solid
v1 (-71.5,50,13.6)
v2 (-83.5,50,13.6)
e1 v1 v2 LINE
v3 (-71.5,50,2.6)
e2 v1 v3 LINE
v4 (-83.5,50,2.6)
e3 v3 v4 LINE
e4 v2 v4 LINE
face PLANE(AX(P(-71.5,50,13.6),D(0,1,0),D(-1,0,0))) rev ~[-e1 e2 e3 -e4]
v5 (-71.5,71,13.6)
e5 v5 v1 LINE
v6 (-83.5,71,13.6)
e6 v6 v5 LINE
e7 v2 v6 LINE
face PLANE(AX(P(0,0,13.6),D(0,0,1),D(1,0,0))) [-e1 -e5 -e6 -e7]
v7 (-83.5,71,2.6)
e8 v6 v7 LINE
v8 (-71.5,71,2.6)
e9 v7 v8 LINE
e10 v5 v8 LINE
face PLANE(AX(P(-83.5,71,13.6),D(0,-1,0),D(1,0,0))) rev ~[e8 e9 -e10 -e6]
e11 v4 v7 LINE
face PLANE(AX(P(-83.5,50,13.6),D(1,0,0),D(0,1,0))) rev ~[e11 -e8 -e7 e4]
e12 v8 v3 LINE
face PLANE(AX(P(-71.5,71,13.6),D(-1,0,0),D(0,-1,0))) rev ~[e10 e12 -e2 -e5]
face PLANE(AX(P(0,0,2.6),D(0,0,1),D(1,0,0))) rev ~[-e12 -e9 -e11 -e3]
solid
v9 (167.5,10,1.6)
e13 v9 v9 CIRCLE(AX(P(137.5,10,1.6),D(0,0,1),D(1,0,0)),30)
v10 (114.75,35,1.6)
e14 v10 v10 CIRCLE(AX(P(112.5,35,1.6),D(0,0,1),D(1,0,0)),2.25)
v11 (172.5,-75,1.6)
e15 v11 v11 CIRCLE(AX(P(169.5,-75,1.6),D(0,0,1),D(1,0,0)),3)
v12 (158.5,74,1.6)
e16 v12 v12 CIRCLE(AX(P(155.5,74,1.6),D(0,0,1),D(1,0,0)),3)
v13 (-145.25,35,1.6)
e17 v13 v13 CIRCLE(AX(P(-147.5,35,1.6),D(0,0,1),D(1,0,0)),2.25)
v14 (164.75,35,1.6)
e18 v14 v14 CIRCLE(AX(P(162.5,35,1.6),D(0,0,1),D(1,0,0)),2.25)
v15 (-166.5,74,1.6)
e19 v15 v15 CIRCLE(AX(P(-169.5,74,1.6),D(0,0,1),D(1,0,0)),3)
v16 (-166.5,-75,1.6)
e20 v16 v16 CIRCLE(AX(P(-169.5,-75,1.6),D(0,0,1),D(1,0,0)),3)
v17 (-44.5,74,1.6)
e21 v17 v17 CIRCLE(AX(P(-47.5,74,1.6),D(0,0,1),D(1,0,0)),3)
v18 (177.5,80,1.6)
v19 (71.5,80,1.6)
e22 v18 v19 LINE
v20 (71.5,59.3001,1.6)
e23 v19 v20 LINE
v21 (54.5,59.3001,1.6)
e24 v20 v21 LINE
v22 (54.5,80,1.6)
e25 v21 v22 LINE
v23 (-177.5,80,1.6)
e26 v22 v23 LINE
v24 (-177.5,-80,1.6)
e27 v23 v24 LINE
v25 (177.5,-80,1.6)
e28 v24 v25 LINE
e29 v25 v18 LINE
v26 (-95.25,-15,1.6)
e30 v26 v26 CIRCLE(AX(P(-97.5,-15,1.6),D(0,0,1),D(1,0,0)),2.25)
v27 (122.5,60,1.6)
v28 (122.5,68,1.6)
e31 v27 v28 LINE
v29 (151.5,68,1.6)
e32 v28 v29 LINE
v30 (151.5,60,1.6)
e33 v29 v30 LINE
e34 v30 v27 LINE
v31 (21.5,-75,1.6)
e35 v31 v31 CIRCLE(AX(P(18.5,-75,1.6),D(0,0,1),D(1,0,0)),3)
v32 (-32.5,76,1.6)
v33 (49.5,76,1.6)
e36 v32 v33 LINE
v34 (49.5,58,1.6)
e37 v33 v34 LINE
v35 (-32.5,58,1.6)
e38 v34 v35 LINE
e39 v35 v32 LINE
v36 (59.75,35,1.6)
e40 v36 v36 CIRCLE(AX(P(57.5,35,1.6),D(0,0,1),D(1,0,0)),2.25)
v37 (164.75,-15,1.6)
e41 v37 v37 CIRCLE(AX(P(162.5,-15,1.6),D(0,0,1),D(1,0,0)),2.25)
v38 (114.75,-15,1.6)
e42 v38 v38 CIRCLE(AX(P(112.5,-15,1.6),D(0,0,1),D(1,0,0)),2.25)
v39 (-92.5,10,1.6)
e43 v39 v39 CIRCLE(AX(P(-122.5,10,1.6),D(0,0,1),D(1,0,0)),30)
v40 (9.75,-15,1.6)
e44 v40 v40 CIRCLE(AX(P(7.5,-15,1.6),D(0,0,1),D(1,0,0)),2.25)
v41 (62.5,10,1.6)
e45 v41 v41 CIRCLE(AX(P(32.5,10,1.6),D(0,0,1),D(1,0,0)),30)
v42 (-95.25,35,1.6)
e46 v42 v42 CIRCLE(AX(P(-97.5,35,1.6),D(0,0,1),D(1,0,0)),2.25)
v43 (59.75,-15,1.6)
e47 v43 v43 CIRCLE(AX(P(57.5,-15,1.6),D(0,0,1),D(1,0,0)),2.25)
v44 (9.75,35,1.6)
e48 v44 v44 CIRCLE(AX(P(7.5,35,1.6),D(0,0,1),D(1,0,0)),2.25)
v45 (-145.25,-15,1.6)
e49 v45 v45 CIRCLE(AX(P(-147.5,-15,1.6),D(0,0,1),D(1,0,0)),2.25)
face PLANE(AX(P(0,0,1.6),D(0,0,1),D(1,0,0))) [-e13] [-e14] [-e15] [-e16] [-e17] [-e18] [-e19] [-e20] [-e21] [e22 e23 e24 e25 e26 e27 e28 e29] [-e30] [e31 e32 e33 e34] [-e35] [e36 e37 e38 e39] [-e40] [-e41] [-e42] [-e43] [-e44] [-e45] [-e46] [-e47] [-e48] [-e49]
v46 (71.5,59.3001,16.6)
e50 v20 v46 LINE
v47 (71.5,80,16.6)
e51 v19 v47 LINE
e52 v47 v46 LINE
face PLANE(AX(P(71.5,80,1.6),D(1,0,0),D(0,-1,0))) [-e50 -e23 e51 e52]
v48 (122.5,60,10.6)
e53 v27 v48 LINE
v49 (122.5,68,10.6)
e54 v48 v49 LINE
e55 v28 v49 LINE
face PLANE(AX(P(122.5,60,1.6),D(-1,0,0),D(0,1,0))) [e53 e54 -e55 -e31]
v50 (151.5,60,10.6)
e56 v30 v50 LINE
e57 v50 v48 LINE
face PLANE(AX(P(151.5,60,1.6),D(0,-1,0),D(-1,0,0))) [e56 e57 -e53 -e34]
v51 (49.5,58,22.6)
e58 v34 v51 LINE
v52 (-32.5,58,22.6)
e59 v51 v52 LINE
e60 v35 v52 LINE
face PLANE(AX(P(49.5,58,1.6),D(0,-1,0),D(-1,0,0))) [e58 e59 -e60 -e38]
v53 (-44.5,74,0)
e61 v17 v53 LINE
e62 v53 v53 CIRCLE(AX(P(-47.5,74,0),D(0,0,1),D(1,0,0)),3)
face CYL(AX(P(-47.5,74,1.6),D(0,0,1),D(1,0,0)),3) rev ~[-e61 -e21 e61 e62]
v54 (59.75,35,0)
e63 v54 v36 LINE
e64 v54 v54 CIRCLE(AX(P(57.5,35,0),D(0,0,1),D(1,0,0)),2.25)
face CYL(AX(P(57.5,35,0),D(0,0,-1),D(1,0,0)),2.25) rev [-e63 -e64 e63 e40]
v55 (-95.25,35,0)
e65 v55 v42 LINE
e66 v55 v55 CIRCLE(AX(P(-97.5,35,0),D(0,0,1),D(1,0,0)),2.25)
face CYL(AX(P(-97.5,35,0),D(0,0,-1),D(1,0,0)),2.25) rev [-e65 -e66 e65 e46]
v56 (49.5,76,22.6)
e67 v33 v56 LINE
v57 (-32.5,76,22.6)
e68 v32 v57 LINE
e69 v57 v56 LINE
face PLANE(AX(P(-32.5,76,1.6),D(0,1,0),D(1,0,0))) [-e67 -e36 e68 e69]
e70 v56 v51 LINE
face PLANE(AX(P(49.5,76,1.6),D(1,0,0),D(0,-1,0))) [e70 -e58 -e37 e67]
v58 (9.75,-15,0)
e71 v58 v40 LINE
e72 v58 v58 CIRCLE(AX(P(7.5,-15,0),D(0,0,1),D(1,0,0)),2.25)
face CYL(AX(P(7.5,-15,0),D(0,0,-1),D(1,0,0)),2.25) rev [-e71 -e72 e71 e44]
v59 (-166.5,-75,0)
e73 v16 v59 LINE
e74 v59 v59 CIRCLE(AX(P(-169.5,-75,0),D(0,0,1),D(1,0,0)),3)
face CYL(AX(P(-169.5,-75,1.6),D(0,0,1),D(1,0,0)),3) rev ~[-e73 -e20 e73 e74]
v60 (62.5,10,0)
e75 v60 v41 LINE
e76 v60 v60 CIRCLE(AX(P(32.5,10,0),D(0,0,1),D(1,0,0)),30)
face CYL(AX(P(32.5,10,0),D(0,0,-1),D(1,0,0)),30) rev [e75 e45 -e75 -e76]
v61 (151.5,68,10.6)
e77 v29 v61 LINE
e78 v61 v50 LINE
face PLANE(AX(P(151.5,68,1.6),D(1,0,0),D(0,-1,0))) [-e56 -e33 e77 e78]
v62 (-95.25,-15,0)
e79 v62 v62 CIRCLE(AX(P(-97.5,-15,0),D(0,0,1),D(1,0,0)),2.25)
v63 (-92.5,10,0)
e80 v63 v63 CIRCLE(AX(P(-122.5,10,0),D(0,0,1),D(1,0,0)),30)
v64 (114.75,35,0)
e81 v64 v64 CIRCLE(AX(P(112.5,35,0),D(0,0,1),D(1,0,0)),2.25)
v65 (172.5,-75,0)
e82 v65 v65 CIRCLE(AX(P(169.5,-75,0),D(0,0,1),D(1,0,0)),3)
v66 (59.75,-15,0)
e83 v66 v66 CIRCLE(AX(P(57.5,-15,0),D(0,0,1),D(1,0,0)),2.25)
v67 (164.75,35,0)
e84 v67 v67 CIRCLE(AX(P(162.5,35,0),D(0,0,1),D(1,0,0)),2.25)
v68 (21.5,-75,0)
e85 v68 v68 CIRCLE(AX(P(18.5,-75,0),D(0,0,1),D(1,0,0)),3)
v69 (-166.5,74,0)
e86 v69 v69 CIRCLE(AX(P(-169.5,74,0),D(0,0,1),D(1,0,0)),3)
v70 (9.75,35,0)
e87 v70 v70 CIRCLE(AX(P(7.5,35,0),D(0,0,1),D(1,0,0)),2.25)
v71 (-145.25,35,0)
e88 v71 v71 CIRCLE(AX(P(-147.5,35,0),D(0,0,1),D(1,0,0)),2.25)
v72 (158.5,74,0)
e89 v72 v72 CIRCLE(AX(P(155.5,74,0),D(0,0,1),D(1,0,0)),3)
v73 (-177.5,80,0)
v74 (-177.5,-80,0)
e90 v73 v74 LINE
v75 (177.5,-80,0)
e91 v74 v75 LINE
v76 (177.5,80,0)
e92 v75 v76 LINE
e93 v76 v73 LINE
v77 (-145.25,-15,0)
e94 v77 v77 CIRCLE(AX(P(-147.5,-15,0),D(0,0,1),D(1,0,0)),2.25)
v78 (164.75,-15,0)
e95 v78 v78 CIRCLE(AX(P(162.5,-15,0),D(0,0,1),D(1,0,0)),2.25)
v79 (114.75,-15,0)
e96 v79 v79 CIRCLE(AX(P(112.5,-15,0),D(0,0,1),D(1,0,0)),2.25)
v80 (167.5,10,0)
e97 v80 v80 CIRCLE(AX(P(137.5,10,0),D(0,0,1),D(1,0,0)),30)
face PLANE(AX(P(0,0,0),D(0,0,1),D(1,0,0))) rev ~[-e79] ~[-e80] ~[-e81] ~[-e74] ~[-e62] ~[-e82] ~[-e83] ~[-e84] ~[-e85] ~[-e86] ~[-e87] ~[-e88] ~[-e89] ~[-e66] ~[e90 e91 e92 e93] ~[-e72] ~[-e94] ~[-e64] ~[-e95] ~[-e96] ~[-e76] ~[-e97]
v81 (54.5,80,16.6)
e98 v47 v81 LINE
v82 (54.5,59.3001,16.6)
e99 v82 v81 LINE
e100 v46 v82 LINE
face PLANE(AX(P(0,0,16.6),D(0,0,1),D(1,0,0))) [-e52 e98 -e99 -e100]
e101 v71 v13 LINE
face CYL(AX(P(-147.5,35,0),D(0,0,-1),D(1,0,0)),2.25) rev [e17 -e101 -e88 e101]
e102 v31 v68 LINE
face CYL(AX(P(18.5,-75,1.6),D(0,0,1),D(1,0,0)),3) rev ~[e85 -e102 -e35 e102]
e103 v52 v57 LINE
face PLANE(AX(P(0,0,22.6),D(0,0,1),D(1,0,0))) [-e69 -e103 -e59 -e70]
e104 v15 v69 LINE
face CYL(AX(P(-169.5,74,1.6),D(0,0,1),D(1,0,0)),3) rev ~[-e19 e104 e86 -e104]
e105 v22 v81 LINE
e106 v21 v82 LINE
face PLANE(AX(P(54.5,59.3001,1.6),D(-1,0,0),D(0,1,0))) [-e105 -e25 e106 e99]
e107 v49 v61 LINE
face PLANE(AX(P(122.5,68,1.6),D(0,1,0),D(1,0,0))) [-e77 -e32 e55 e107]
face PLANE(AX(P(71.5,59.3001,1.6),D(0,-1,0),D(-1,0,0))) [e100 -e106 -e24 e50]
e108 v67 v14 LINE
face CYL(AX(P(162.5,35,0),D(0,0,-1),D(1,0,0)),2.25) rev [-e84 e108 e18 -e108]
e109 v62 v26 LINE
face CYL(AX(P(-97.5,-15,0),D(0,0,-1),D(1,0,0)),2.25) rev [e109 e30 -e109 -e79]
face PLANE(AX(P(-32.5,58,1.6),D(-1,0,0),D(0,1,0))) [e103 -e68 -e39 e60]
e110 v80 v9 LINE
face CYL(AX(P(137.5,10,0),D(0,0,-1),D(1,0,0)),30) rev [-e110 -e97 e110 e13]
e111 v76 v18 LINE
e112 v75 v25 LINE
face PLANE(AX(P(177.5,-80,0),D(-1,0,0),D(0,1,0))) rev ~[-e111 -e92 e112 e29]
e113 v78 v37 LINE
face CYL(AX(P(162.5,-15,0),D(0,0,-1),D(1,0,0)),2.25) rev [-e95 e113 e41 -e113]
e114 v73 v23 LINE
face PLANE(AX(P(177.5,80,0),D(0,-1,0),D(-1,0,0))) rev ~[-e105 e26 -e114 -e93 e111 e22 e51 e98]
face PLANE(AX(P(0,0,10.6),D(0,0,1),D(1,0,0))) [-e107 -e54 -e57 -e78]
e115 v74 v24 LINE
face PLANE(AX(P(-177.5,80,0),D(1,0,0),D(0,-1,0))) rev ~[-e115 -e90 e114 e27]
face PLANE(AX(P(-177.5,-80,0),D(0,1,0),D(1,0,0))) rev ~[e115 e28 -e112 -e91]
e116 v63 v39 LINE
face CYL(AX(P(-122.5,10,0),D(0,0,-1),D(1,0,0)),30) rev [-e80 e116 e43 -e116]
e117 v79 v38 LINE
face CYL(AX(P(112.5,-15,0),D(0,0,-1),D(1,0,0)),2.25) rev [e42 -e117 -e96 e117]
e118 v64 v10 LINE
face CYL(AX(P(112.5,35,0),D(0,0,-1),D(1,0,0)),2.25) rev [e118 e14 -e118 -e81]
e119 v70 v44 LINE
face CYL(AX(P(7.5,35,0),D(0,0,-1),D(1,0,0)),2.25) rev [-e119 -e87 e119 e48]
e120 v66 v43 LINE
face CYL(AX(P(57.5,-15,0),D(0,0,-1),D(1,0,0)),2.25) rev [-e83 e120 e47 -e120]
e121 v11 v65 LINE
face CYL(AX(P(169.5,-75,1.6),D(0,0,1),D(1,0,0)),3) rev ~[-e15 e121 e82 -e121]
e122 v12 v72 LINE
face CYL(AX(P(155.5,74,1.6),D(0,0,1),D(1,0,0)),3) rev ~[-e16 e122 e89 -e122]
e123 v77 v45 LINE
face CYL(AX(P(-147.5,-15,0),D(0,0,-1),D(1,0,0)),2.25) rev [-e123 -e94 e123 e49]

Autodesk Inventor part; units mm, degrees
ref_plane "YZ Plane" through (0, 0, 0) normal (1, 0, 0) x (0, 1, 0)
sketch "Sketch1" plane through (0, 0, 0) normal (0, 0, 1) x (1, 0, 0)
  line L0 (-177.5, -80) -> (177.5, -80)
  line L1 (177.5, -80) -> (177.5, 80)
  line L2 (177.5, 80) -> (-177.5, 80)
  line L3 (-177.5, 80) -> (-177.5, -80)
  line L4 (-177.5, -80) -> (177.5, 80) construction
  line L5 (177.5, -80) -> (-177.5, 80) construction
  circle A0 centre (-122.5, 10) radius 30
  circle A1 centre (32.5, 10) radius 30
  circle A2 centre (137.5, 10) radius 30
  line L6 (-152.5, 80) -> (-152.5, -80) construction
  line L7 (2.5, 80) -> (2.5, -80) construction
  line L8 (107.5, -80) -> (107.5, 80) construction
  line L9 (-177.5, -20) -> (177.5, -20) construction
  line L10 (-147.5, -15) -> (-97.5, -15) construction
  line L11 (-97.5, -15) -> (-97.5, 35) construction
  line L12 (-97.5, 35) -> (-147.5, 35) construction
  line L13 (-147.5, 35) -> (-147.5, -15) construction
  line L14 (-147.5, -15) -> (-97.5, 35) construction
  line L15 (-97.5, -15) -> (-147.5, 35) construction
  line L16 (7.5, -15) -> (57.5, -15) construction
  line L17 (57.5, -15) -> (57.5, 35) construction
  line L18 (57.5, 35) -> (7.5, 35) construction
  line L19 (7.5, 35) -> (7.5, -15) construction
  line L20 (7.5, -15) -> (57.5, 35) construction
  line L21 (57.5, -15) -> (7.5, 35) construction
  line L22 (112.5, -15) -> (162.5, -15) construction
  line L23 (162.5, -15) -> (162.5, 35) construction
  line L24 (162.5, 35) -> (112.5, 35) construction
  line L25 (112.5, 35) -> (112.5, -15) construction
  line L26 (112.5, -15) -> (162.5, 35) construction
  line L27 (162.5, -15) -> (112.5, 35) construction
  circle A3 centre (-147.5, 35) radius 2.25
  circle A4 centre (-97.5, 35) radius 2.25
  circle A5 centre (-97.5, -15) radius 2.25
  circle A6 centre (-147.5, -15) radius 2.25
  circle A7 centre (7.5, 35) radius 2.25
  circle A8 centre (57.5, 35) radius 2.25
  circle A9 centre (57.5, -15) radius 2.25
  circle A10 centre (7.5, -15) radius 2.25
  circle A11 centre (112.5, 35) radius 2.25
  circle A12 centre (162.5, 35) radius 2.25
  circle A13 centre (162.5, -15) radius 2.25
  circle A14 centre (112.5, -15) radius 2.25
  point P0 (0, 0)
  dimension "d0" = 160
  dimension "d1" = 355
  dimension "d4" = 25
  dimension "d6" = 180
  dimension "d8" = 285
  dimension "d9" = 100
  dimension "d10" = 60
  dimension "d11" = 50
  dimension "d12" = 4.5
extrude "PCB" add sketch "Sketch1" along normal blind 1.6
ref_plane "Work Plane1" through (0, 0, 2.6) normal (0, 0, 1) x (1, 0, 0)
ref_plane "Work Plane2" through (0, 0, 13.6) normal (0, 0, 1) x (1, 0, 0)
sketch "Sketch2" plane through (0, 0, 1.6) normal (0, 0, 1) x (1, 0, 0)
  line L0 (-177.5, 80) -> (-177.5, -80) construction
  line L1 (177.5, 80) -> (-177.5, 80) construction
  line L2 (-83.5, 71) -> (-71.5, 71)
  line L3 (-71.5, 71) -> (-71.5, 50)
  line L4 (-71.5, 50) -> (-83.5, 50)
  line L5 (-83.5, 50) -> (-83.5, 71)
  point P0 (0, 0)
  dimension "d15" = 94
  dimension "d16" = 106
  dimension "d17" = 9
  dimension "d18" = 30
extrude "USB" add sketch "Sketch2" against normal up to surface (11 mm away) from surface at 12
sketch "Sketch3" plane through (0, 0, 1.6) normal (0, 0, 1) x (1, 0, 0)
  line L0 (-32.5, 76) -> (49.5, 76)
  line L1 (49.5, 76) -> (49.5, 58)
  line L2 (49.5, 58) -> (-32.5, 58)
  line L3 (-32.5, 58) -> (-32.5, 76)
  line L4 (-177.5, 80) -> (-177.5, -80) construction
  line L5 (177.5, 80) -> (-177.5, 80) construction
  point P0 (0, 0)
  dimension "d21" = 145
  dimension "d22" = 227
  dimension "d23" = 4
  dimension "d24" = 22
extrude "Extrusion3" add sketch "Sketch3" along normal blind 21
sketch "Sketch4" plane through (0, 0, 1.6) normal (0, 0, 1) x (1, 0, 0)
  line L0 (122.5, 68) -> (151.5, 68)
  line L1 (151.5, 68) -> (151.5, 60)
  line L2 (151.5, 60) -> (122.5, 60)
  line L3 (122.5, 60) -> (122.5, 68)
  line L4 (177.5, -80) -> (177.5, 80) construction
  line L5 (177.5, 80) -> (-177.5, 80) construction
  point P0 (0, 0)
  dimension "d27" = 26
  dimension "d28" = 55
  dimension "d29" = 12
  dimension "d30" = 20
extrude "Extrusion4" add sketch "Sketch4" along normal blind 9
sketch "Sketch5" plane through (0, 0, 1.6) normal (0, 0, 1) x (1, 0, 0)
  line L0 (177.5, 80) -> (-177.5, 80) projected
  line L1 (71.5, 80) -> (71.5, 59.3001)
  line L2 (71.5, 59.3001) -> (54.5, 59.3001)
  line L3 (54.5, 59.3001) -> (54.5, 80)
  point P0 (0, 0)
  dimension "d33" = 249
  dimension "d34" = 232
extrude "Extrusion5" add sketch "Sketch5" along normal blind 15
sketch "Sketch6" plane through (0, 0, 1.6) normal (0, 0, 1) x (1, 0, 0)
  line L0 (54.5, 80) -> (-177.5, 80) projected
  line L1 (-177.5, 80) -> (-177.5, -80) projected
  line L2 (-177.5, -80) -> (177.5, -80) projected
  line L3 (177.5, -80) -> (177.5, 80) projected
  line L4 (177.5, 80) -> (71.5, 80) projected
  circle A0 centre (169.5, -75) radius 3
  circle A1 centre (18.5, -75) radius 3
  circle A2 centre (155.5, 74) radius 3
  circle A3 centre (-47.5, 74) radius 3
  circle A4 centre (-169.5, -75) radius 3
  circle A5 centre (-169.5, 74) radius 3
  line L5 (-169.5, 74) -> (-47.5, 74) construction
  line L6 (-47.5, 74) -> (155.5, 74) construction
  line L7 (169.5, -75) -> (18.5, -75) construction
  line L8 (18.5, -75) -> (-169.5, -75) construction
  point P0 (0, 0)
  dimension "d37" = 6
  dimension "d38" = 8
  dimension "d39" = 196
  dimension "d40" = 347
  dimension "d41" = 8
  dimension "d42" = 130
  dimension "d43" = 333
  dimension "d44" = 6
  dimension "d45" = 5
extrude "Extrusion6" cut sketch "Sketch6" against normal up to surface (1.6 mm away)
properties part number "PCB" material "Gold"
